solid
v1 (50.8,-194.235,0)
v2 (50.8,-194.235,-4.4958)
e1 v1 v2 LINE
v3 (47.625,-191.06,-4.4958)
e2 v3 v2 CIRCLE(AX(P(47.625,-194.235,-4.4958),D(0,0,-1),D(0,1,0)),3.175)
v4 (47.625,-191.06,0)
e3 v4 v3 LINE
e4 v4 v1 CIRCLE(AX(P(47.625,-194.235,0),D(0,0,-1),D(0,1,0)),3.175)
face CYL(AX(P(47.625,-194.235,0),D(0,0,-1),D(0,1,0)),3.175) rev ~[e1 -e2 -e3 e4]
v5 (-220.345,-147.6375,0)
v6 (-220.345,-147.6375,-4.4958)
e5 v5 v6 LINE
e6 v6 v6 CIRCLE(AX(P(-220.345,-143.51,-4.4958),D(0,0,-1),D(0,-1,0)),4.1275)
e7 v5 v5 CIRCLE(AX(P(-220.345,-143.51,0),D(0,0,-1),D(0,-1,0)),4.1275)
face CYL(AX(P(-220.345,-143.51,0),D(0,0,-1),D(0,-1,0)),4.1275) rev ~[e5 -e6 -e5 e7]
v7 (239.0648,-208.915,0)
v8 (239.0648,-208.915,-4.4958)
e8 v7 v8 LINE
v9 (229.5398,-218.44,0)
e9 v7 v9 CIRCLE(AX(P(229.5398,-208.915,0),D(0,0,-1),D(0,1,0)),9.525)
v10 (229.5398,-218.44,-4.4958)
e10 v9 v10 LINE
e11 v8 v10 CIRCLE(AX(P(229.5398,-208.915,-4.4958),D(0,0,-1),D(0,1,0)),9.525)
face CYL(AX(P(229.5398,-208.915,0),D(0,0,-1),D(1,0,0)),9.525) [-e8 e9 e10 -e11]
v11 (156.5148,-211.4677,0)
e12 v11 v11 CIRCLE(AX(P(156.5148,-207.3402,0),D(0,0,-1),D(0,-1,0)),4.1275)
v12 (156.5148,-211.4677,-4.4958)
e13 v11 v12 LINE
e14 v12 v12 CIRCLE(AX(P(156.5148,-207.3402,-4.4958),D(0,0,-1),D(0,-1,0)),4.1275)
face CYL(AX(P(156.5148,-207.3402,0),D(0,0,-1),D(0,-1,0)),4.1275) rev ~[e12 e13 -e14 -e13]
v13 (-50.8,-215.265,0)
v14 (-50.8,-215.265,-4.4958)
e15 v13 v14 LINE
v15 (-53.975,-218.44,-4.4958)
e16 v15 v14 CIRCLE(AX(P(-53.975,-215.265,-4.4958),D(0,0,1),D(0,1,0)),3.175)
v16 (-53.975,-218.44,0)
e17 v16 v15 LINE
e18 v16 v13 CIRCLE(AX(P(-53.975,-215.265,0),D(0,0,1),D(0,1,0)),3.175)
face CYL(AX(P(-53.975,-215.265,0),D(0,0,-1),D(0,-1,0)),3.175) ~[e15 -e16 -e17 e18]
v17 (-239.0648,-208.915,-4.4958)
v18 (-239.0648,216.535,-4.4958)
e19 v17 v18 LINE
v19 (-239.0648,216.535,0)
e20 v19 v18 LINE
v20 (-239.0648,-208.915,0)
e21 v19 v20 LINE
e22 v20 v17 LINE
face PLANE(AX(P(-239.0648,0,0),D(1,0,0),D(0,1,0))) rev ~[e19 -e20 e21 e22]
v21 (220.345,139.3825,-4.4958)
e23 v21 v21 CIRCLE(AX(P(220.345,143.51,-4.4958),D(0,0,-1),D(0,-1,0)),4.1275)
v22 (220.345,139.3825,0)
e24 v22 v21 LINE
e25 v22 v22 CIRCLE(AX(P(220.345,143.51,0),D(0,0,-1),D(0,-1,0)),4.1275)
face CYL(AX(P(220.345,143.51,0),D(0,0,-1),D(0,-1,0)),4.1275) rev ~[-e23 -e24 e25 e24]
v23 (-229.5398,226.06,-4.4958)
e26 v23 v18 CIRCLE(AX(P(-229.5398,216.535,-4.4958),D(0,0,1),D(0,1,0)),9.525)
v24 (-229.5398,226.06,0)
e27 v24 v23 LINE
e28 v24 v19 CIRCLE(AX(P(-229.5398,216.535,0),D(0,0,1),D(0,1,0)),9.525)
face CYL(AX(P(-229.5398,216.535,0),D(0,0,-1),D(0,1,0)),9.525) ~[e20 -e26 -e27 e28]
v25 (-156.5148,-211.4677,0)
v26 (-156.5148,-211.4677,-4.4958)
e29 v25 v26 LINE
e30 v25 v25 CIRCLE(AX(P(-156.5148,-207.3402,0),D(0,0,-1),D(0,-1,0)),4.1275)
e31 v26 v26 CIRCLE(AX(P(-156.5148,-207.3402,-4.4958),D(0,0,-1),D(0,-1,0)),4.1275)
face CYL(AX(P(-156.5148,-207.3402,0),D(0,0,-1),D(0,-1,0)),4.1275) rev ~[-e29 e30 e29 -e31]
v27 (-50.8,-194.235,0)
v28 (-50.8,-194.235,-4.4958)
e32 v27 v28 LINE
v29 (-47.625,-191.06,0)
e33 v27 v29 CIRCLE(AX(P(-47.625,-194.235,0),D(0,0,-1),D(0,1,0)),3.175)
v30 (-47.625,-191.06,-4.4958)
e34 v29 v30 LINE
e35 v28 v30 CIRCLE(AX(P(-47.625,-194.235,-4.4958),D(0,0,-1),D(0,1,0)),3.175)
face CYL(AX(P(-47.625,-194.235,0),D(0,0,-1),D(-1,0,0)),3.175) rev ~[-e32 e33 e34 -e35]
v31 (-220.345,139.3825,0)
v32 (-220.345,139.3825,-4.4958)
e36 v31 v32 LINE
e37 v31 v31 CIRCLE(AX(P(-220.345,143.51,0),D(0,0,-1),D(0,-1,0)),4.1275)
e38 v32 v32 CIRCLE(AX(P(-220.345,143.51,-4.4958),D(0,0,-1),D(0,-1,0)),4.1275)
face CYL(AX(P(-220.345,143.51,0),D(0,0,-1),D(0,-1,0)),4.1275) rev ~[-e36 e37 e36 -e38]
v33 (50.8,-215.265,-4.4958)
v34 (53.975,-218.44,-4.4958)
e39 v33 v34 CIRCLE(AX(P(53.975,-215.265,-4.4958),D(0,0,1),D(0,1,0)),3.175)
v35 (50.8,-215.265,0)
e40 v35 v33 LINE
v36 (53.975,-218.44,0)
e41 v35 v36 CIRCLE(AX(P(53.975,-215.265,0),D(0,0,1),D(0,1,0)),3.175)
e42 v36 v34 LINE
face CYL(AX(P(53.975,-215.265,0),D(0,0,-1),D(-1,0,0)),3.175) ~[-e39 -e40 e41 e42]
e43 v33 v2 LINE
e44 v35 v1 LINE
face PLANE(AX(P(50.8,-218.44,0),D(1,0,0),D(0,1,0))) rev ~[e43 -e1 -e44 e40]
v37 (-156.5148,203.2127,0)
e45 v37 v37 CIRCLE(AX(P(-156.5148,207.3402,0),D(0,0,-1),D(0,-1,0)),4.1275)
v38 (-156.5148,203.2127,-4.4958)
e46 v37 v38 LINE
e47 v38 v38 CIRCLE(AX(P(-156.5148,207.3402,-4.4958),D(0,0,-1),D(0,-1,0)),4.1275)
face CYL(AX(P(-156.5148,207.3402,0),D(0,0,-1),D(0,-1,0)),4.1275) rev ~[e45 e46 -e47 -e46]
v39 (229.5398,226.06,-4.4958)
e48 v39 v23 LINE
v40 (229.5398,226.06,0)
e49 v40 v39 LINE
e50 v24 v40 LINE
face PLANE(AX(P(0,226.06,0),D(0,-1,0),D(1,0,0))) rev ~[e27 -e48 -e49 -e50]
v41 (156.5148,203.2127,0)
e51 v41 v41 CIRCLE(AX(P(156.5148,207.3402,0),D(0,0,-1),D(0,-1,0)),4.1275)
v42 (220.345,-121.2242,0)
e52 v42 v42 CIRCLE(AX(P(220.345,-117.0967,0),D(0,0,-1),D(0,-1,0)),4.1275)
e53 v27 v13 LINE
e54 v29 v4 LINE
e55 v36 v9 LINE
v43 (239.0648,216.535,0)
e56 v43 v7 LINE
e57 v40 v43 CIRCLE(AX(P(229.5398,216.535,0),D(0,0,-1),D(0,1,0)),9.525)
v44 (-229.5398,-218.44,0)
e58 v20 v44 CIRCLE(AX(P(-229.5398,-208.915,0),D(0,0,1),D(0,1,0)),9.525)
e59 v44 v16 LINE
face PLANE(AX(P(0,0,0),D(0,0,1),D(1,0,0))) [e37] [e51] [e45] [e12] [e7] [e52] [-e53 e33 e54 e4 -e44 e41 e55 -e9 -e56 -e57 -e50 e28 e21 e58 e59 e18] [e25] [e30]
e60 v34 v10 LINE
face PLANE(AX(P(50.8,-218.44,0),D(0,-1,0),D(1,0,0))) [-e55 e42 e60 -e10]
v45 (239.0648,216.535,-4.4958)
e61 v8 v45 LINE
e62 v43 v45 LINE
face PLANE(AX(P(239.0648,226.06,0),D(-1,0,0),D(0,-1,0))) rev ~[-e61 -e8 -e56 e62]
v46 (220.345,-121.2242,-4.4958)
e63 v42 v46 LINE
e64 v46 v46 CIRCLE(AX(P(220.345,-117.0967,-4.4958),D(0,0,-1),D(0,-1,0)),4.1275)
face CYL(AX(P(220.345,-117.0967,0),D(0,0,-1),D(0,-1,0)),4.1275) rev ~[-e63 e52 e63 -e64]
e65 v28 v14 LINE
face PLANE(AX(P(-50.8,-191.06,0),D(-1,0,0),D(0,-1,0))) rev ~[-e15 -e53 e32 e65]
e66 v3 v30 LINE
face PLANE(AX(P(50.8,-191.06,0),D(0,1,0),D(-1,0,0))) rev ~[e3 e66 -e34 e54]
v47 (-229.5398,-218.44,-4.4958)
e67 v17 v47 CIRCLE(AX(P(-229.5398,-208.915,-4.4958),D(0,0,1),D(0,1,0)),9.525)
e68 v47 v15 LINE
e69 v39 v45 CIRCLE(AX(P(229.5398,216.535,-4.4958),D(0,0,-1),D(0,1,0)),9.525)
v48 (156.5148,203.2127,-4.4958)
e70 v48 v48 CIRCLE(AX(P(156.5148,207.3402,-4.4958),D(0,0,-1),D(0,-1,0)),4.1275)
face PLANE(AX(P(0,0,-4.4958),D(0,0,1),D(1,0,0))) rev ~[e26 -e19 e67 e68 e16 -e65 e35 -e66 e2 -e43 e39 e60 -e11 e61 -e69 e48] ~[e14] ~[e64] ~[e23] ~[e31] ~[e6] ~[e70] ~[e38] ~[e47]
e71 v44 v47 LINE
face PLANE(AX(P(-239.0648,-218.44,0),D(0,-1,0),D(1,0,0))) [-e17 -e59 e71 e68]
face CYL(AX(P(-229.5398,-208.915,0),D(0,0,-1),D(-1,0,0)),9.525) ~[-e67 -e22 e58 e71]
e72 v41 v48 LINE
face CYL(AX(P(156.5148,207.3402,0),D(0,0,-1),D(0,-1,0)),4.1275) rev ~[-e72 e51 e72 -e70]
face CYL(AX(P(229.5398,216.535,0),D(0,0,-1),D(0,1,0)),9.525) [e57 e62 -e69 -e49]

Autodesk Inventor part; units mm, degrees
ref_plane "YZ Plane" through (0, 0, 0) normal (1, 0, 0) x (0, 1, 0)
ref_plane "XZ Plane" through (0, 0, 0) normal (0, 1, 0) x (-1, 0, 0)
ref_plane "XY Plane" through (0, 0, 0) normal (0, 0, 1) x (1, 0, 0)
sketch "Sketch1" plane through (0, 0, 0) normal (0, 0, 1) x (1, 0, 0)
  line L0 (0, 316.484) -> (0, -316.484) projected
  line L1 (-334.6907, 0) -> (334.6907, 0) projected
  line L2 (239.0648, -226.06) -> (-239.0648, -226.06)
  line L3 (-239.0648, -226.06) -> (-239.0648, 226.06)
  line L4 (-239.0648, 226.06) -> (239.0648, 226.06)
  line L5 (239.0648, 226.06) -> (239.0648, -226.06)
  line L6 (239.0648, -226.06) -> (-239.0648, 226.06) construction
  line L7 (-239.0648, -226.06) -> (239.0648, 226.06) construction
  line L8 (220.345, -207.3402) -> (-220.345, -207.3402) construction
  line L9 (-220.345, -207.3402) -> (-220.345, 207.3402) construction
  line L10 (-220.345, 207.3402) -> (220.345, 207.3402) construction
  line L11 (220.345, 207.3402) -> (220.345, -207.3402) construction
  line L12 (220.345, -207.3402) -> (-220.345, 207.3402) construction
  line L13 (-220.345, -207.3402) -> (220.345, 207.3402) construction
  line L14 (-239.0648, -218.44) -> (239.0648, -218.44)
  line L15 (50.8, -191.06) -> (-50.8, -191.06)
  line L16 (-50.8, -191.06) -> (-50.8, -218.44)
  line L17 (-50.8, -218.44) -> (50.8, -218.44)
  line L18 (50.8, -218.44) -> (50.8, -191.06)
  line L19 (50.8, -191.06) -> (-50.8, -218.44) construction
  line L20 (-50.8, -191.06) -> (50.8, -218.44) construction
  point P0 (0, 0)
  point P1 (-156.5148, 207.3402)
  point P2 (0, 207.3402)
  point P3 (156.5148, 207.3402)
  point P4 (-156.5148, -207.3402)
  point P5 (0, -207.3402)
  point P6 (156.5148, -207.3402)
  point P7 (-220.345, 143.51)
  point P8 (-220.345, -143.51)
  point P9 (220.345, 143.51)
  point P10 (220.345, -117.0967)
  point P11 (-220.345, 0)
  point P12 (0, -218.44)
  point P13 (0, -226.06)
  point P14 (0, -204.75)
  point P15 (50.8, -218.44)
  dimension "d0" = 478.1296
  dimension "d1" = 452.12
  dimension "d3" = 18.7198
  dimension "d4" = 18.7198
  dimension "d7" = 143.51
  dimension "d8" = 143.51
  dimension "d10" = 82.55
  dimension "d20" = 82.55
  dimension "d21" = 82.55
  dimension "d23" = 7.62
  dimension "d24" = 35
  dimension "d25" = 101.6
extrude "Extrusion1" add sketch "Sketch1" against normal blind 4.4958 contours L4 L5 L1 L0 | L0 L1 L3 L4 | L1 L5 L14 L18 L15 L0 | L0 L15 L16 L14 L3 L1
hole "Hole1" at (-156.5148, 207.3402, 0) at (156.5148, 207.3402, 0) at (-156.5148, -207.3402, 0) at (156.5148, -207.3402, 0) at (220.345, 143.51, 0) at (220.345, -117.0967, 0) at (-220.345, 143.51, 0) at (-220.345, -143.51, 0) direction (0, 0, -1) diameter 8.255 end through all
fillet "Fillet1" radius 9.525 2 edges at (-239.0648, 226.06, -2.2479) (239.0648, 226.06, -2.2479)
fillet "Fillet2" radius 9.525 2 edges at (-239.0648, -218.44, -2.2479) (239.0648, -218.44, -2.2479)
fillet "Fillet3" radius 3.175 4 edges at (50.8, -191.06, -2.2479) (50.8, -218.44, -2.2479) (-50.8, -191.06, -2.2479) (-50.8, -218.44, -2.2479)
properties material "ACRYLIC, CLEAR"
